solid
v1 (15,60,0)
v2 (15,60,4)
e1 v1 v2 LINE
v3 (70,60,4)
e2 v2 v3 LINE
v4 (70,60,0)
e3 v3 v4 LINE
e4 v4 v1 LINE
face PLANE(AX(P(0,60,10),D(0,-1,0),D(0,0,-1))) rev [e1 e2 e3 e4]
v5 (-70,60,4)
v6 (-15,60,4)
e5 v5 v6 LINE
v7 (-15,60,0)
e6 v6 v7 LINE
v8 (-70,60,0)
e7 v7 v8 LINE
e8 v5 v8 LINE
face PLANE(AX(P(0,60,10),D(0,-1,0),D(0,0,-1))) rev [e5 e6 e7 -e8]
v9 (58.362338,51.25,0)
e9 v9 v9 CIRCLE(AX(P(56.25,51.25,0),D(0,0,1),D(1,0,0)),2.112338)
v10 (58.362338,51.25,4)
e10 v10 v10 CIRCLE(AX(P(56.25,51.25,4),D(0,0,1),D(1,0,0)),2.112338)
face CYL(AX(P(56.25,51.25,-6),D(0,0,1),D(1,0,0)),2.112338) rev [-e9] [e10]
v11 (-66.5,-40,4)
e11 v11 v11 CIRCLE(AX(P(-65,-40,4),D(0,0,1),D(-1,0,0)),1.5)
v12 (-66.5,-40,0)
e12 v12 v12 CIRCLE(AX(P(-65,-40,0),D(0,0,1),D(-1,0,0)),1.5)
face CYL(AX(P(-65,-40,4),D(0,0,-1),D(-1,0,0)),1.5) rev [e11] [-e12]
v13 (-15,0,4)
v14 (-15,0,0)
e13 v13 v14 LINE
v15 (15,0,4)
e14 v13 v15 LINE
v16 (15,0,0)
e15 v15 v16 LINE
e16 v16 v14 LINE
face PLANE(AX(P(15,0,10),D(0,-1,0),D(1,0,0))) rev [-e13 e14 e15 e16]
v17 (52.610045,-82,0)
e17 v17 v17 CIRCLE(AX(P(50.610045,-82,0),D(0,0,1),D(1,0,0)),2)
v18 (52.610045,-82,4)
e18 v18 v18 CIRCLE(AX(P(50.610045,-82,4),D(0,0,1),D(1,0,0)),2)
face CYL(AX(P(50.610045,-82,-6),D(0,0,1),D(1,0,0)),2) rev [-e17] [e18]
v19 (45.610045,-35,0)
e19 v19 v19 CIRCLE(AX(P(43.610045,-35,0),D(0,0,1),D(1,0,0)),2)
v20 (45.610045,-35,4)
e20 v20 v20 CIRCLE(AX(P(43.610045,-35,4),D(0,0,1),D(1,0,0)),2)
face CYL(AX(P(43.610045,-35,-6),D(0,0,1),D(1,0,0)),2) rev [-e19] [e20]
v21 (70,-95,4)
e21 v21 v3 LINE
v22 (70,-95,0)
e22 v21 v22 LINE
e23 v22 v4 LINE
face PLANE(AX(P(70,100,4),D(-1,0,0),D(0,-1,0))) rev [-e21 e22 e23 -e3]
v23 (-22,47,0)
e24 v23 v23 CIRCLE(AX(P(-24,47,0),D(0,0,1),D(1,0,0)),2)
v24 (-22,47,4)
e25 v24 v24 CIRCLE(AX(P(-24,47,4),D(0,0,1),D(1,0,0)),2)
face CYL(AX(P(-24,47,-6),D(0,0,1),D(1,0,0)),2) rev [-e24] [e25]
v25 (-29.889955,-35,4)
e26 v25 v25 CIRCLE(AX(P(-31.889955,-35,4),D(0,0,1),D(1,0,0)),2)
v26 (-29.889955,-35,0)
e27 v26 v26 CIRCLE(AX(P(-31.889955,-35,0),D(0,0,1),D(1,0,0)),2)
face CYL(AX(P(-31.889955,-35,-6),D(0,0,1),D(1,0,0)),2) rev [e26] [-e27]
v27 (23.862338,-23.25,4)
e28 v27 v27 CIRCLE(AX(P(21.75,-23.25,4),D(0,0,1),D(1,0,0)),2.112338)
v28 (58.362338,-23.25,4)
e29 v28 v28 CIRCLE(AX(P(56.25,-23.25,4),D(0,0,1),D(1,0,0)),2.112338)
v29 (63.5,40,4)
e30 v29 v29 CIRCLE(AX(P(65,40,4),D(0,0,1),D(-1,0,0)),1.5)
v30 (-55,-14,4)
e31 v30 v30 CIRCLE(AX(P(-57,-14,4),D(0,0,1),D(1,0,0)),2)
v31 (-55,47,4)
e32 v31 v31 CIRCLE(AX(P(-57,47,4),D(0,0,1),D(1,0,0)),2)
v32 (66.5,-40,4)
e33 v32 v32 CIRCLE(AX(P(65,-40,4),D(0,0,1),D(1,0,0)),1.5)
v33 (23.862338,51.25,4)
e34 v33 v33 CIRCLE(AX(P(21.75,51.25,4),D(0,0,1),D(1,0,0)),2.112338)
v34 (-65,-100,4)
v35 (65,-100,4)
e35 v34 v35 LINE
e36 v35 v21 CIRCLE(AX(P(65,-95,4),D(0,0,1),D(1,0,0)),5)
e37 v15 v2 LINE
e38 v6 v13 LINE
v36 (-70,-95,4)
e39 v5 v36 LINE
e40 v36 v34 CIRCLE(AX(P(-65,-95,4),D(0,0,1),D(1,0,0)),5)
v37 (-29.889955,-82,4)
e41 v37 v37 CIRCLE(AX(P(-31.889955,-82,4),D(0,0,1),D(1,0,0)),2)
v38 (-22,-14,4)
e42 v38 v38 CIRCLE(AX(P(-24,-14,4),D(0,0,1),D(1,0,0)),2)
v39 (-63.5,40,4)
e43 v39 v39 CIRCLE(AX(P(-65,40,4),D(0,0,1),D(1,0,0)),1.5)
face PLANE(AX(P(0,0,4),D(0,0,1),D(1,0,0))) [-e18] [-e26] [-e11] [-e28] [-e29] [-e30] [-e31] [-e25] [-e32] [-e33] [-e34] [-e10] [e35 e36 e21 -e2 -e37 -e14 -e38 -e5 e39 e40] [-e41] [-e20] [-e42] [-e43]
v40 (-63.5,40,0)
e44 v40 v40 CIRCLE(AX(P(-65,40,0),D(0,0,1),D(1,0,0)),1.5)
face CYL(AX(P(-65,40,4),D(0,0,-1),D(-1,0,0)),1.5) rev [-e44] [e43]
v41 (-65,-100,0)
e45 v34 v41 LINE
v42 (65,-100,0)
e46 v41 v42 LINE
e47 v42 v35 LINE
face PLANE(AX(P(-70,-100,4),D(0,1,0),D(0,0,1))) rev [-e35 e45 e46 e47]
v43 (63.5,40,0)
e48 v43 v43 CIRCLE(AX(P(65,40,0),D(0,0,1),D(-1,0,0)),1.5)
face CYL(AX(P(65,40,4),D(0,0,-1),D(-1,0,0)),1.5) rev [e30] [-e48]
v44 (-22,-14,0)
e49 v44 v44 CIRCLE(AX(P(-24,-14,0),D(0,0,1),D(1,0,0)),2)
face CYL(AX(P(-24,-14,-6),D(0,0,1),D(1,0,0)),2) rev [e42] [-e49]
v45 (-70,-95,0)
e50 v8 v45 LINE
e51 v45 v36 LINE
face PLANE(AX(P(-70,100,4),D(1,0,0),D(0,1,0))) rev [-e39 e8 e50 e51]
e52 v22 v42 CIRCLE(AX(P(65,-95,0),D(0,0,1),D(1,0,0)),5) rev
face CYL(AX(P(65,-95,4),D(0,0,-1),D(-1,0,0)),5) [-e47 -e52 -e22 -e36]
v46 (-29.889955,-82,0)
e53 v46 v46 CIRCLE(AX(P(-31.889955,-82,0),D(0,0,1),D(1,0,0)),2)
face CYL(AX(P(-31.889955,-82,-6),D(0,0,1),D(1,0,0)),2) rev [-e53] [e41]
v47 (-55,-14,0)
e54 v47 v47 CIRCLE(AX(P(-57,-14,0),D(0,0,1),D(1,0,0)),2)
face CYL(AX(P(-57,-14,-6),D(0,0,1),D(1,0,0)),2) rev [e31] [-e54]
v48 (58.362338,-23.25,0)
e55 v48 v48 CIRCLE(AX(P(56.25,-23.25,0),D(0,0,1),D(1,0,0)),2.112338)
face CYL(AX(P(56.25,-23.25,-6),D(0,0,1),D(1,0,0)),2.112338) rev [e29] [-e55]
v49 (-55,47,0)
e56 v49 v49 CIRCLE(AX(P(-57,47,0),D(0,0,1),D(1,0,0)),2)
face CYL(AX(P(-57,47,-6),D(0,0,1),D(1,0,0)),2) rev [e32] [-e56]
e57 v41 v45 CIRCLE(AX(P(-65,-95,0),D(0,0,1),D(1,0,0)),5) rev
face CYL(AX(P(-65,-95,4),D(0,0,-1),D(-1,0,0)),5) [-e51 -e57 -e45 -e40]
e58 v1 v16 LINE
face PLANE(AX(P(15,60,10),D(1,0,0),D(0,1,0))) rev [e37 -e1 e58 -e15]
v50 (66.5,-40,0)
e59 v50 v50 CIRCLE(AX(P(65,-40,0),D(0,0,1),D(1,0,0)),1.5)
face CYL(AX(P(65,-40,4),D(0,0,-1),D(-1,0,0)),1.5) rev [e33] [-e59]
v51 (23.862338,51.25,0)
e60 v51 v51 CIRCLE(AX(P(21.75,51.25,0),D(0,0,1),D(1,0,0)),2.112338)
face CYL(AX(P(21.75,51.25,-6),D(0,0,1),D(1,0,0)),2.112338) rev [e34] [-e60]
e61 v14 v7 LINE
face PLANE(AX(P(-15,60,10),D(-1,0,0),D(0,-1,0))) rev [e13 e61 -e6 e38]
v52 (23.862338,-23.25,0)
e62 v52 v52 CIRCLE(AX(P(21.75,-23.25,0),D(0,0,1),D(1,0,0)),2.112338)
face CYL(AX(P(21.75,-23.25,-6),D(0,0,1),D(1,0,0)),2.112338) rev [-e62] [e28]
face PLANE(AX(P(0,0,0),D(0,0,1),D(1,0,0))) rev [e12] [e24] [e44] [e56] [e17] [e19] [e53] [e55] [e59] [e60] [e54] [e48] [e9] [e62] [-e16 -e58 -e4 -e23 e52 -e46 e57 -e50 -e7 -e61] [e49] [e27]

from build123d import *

# Parameters (mm, degrees)
SKETCH_1_W             = 140
SKETCH_1_H             = 200
SKETCH_1_R             = 1.5
EXTRUDE_1_DEPTH        = 4
SKETCH_2_W             = 20
SKETCH_2_H             = 20
EXTRUDE_2_DEPTH        = 4
FILLET_1_R             = 3
FILLET_1_OF_MIRROR_1_R = 3
SKETCH_3_W             = 8
SKETCH_3_H             = 30
SKETCH_3_R             = 1.75
EXTRUDE_3_DEPTH        = 4
FILLET_2_R             = 3
FILLET_2_OF_MIRROR_2_R = 3
FILLET_3_R             = 5
EXTRUDE_4_DEPTH        = 4
SKETCH_5_R             = 1.75
CUT_EXTRUDE_1_DEPTH    = 10
SKETCH_6_W             = 30
SKETCH_6_H             = 60
CUT_EXTRUDE_2_DEPTH    = 10
SKETCH_7_R             = 2.112337694
SKETCH_7_R_2           = 2
CUT_EXTRUDE_3_DEPTH    = 10


with BuildPart() as part:
    # 草图1 → 凸台-拉伸1 (new body)
    with BuildSketch(Plane.XY):
        Rectangle(SKETCH_1_W, SKETCH_1_H)
        with Locations((-65, 40)):
            Circle(SKETCH_1_R, mode=Mode.SUBTRACT)
        with Locations(Location((-65, -40, 0), (0, 0, 180))):
            Circle(SKETCH_1_R, mode=Mode.SUBTRACT)
        with Locations((65, -40)):
            Circle(SKETCH_1_R, mode=Mode.SUBTRACT)
        with Locations(Location((65, 40, 0), (0, 0, 180))):
            Circle(SKETCH_1_R, mode=Mode.SUBTRACT)
    extrude(amount=EXTRUDE_1_DEPTH)

    # 草图2 → 凸台-拉伸2 (add)
    with BuildSketch(Plane.XY.offset(4)):
        with Locations((80, 90)):
            Rectangle(SKETCH_2_W, SKETCH_2_H)
    extrude_2 = extrude(amount=-EXTRUDE_2_DEPTH)

    # 圆角1
    fillet_1_edges = [part.edges().sort_by_distance(p)[0] for p in [
        (90, 100, 2),
        (90, 80, 2),
    ]]
    fillet(fillet_1_edges, radius=FILLET_1_R)

    # 镜向1: 凸台-拉伸2 across plane
    add(extrude_2.mirror(Plane(origin=(0, 0, 0), x_dir=(0, 0, 1), z_dir=(1, 0, 0))))

    # 圆角1 of 镜向1
    fillet_1_of_mirror_1_edges = [part.edges().sort_by_distance(p)[0] for p in [
        (-90, 100, 2),
        (-90, 80, 2),
    ]]
    fillet(fillet_1_of_mirror_1_edges, radius=FILLET_1_OF_MIRROR_1_R)

    # 草图3 → 凸台-拉伸3 (add)
    with BuildSketch(Plane.XY.offset(4)):
        with Locations((-66, 115)):
            Rectangle(SKETCH_3_W, SKETCH_3_H)
        with Locations((-66, 126)):
            Circle(SKETCH_3_R, mode=Mode.SUBTRACT)
    extrude_3 = extrude(amount=-EXTRUDE_3_DEPTH)

    # 圆角2
    fillet_2_edges = [part.edges().sort_by_distance(p)[0] for p in [
        (-70, 100, 2),
        (-62, 100, 2),
    ]]
    fillet(fillet_2_edges, radius=FILLET_2_R)

    # 镜向2: 凸台-拉伸3 across plane
    add(extrude_3.mirror(Plane(origin=(0, 0, 0), x_dir=(0, 0, 1), z_dir=(1, 0, 0))))

    # 圆角2 of 镜向2
    fillet_2_of_mirror_2_edges = [part.edges().sort_by_distance(p)[0] for p in [
        (70, 100, 2),
        (62, 100, 2),
    ]]
    fillet(fillet_2_of_mirror_2_edges, radius=FILLET_2_OF_MIRROR_2_R)

    # 圆角3
    fillet_3_edges = [part.edges().sort_by_distance(p)[0] for p in [
        (-70, -100, 2),
        (70, -100, 2),
    ]]
    fillet(fillet_3_edges, radius=FILLET_3_R)

    # 草图4 → 凸台-拉伸4 (add)
    with BuildSketch(Plane(origin=(0, 0, 0), x_dir=(-1, 0, 0), z_dir=(0, 0, -1))):
        with BuildLine():
            add(Edge.make_bspline(
                [(-33.786379938, 100), (-33.384771108, 111.24314249), (-38.944167614, 121.897129031), (-48.25387443, 128.002822688)],
                knots=[0, 0, 0, 0, 0.66194058, 0.66194058, 0.66194058, 0.66194058], degree=3))
            Line((-33.786379938, 100), (0, 100))
            ThreePointArc((0, 100), (-9.331566745, 102.310402433), (-16.507166038, 108.707813791))
            ThreePointArc((-16.507166038, 108.707813791), (-29.663945789, 122.555538901), (-46.506293223, 131.566403293))
            ThreePointArc((-46.506293223, 131.566403293), (-48.952735362, 130.555841868), (-48.25387443, 128.002822688))
        make_face()
        with BuildLine():
            ThreePointArc((16.507166038, 108.707813791), (9.331566745, 102.310402433), (0, 100))
            Line((0, 100), (33.786379938, 100))
            add(Edge.make_bspline(
                [(33.786379938, 100), (33.384771108, 111.24314249), (38.944167614, 121.897129031), (48.25387443, 128.002822688)],
                knots=[0, 0, 0, 0, 0.66194058, 0.66194058, 0.66194058, 0.66194058], degree=3))
            ThreePointArc((48.25387443, 128.002822688), (48.952735362, 130.555841868), (46.506293223, 131.566403293))
            ThreePointArc((46.506293223, 131.566403293), (29.663945789, 122.555538901), (16.507166038, 108.707813791))
        make_face()
    extrude(amount=-EXTRUDE_4_DEPTH)

    # 草图5 → 切除-拉伸1 (cut)
    with BuildSketch(Plane(origin=(0, 0, 0), x_dir=(-1, 0, 0), z_dir=(0, 0, -1))):
        with BuildLine():
            Line((-70, 80), (-70, 60))
            Line((-70, 60), (70, 60))
            Line((70, 60), (70, 80))
            Line((70, 80), (87, 80))
            ThreePointArc((87, 80), (89.121320344, 80.878679656), (90, 83))
            Line((90, 83), (90, 97))
            ThreePointArc((90, 97), (89.121320344, 99.121320344), (87, 100))
            Line((87, 100), (73, 100))
            ThreePointArc((73, 100), (70.878679656, 100.878679656), (70, 103))
            Line((70, 103), (70, 130))
            Line((70, 130), (62, 130))
            Line((62, 130), (62, 103))
            ThreePointArc((62, 103), (61.121320344, 100.878679656), (59, 100))
            Line((59, 100), (33.786379938, 100))
            add(Edge.make_bspline(
                [(33.786379938, 100), (33.384771108, 111.24314249), (38.944167614, 121.897129031), (48.25387443, 128.002822688)],
                knots=[0, 0, 0, 0, 0.66194058, 0.66194058, 0.66194058, 0.66194058], degree=3))
            ThreePointArc((48.25387443, 128.002822688), (48.952735362, 130.555841868), (46.506293223, 131.566403293))
            ThreePointArc((46.506293223, 131.566403293), (29.663945789, 122.555538901), (16.507166038, 108.707813791))
            ThreePointArc((16.507166038, 108.707813791), (0, 100), (-16.507166038, 108.707813791))
            ThreePointArc((-16.507166038, 108.707813791), (-29.663945789, 122.555538901), (-46.506293223, 131.566403293))
            ThreePointArc((-46.506293223, 131.566403293), (-48.952735362, 130.555841868), (-48.25387443, 128.002822688))
            add(Edge.make_bspline(
                [(-48.25387443, 128.002822688), (-38.944167614, 121.897129031), (-33.384771108, 111.24314249), (-33.786379938, 100)],
                knots=[0, 0, 0, 0, 0.66194058, 0.66194058, 0.66194058, 0.66194058], degree=3))
            Line((-33.786379938, 100), (-59, 100))
            ThreePointArc((-59, 100), (-61.121320344, 100.878679656), (-62, 103))
            Line((-62, 103), (-62, 130))
            Line((-62, 130), (-70, 130))
            Line((-70, 130), (-70, 103))
            ThreePointArc((-70, 103), (-70.878679656, 100.878679656), (-73, 100))
            Line((-73, 100), (-87, 100))
            ThreePointArc((-87, 100), (-89.121320344, 99.121320344), (-90, 97))
            Line((-90, 97), (-90, 83))
            ThreePointArc((-90, 83), (-89.121320344, 80.878679656), (-87, 80))
            Line((-87, 80), (-70, 80))
        make_face()
        with Locations((-66, 126)):
            Circle(SKETCH_5_R, mode=Mode.SUBTRACT)
        with Locations((66, 126)):
            Circle(SKETCH_5_R, mode=Mode.SUBTRACT)
    extrude(amount=-CUT_EXTRUDE_1_DEPTH, mode=Mode.SUBTRACT)

    # 草图6 → 切除-拉伸2 (cut)
    with BuildSketch(Plane(origin=(0, 0, 0), x_dir=(-1, 0, 0), z_dir=(0, 0, -1))):
        with Locations((0, 30)):
            Rectangle(SKETCH_6_W, SKETCH_6_H)
    extrude(amount=-CUT_EXTRUDE_2_DEPTH, mode=Mode.SUBTRACT)

    # 草图7 → 切除-拉伸3 (cut)
    with BuildSketch(Plane.XY.offset(4)):
        with Locations((56.25, 51.25)):
            Circle(SKETCH_7_R)
        with Locations((56.25, -23.25)):
            Circle(SKETCH_7_R)
        with Locations((21.75, 51.25)):
            Circle(SKETCH_7_R)
        with Locations((21.75, -23.25)):
            Circle(SKETCH_7_R)
        with Locations((43.610044526, -35)):
            Circle(SKETCH_7_R_2)
        with Locations((50.610044526, -82)):
            Circle(SKETCH_7_R_2)
        with Locations((-31.889955474, -35)):
            Circle(SKETCH_7_R_2)
        with Locations((-31.889955474, -82)):
            Circle(SKETCH_7_R_2)
        with Locations((-24, 47)):
            Circle(SKETCH_7_R_2)
        with Locations((-57, 47)):
            Circle(SKETCH_7_R_2)
        with Locations((-24, -14)):
            Circle(SKETCH_7_R_2)
        with Locations((-57, -14)):
            Circle(SKETCH_7_R_2)
    extrude(amount=-CUT_EXTRUDE_3_DEPTH, mode=Mode.SUBTRACT)


solid = part.part
